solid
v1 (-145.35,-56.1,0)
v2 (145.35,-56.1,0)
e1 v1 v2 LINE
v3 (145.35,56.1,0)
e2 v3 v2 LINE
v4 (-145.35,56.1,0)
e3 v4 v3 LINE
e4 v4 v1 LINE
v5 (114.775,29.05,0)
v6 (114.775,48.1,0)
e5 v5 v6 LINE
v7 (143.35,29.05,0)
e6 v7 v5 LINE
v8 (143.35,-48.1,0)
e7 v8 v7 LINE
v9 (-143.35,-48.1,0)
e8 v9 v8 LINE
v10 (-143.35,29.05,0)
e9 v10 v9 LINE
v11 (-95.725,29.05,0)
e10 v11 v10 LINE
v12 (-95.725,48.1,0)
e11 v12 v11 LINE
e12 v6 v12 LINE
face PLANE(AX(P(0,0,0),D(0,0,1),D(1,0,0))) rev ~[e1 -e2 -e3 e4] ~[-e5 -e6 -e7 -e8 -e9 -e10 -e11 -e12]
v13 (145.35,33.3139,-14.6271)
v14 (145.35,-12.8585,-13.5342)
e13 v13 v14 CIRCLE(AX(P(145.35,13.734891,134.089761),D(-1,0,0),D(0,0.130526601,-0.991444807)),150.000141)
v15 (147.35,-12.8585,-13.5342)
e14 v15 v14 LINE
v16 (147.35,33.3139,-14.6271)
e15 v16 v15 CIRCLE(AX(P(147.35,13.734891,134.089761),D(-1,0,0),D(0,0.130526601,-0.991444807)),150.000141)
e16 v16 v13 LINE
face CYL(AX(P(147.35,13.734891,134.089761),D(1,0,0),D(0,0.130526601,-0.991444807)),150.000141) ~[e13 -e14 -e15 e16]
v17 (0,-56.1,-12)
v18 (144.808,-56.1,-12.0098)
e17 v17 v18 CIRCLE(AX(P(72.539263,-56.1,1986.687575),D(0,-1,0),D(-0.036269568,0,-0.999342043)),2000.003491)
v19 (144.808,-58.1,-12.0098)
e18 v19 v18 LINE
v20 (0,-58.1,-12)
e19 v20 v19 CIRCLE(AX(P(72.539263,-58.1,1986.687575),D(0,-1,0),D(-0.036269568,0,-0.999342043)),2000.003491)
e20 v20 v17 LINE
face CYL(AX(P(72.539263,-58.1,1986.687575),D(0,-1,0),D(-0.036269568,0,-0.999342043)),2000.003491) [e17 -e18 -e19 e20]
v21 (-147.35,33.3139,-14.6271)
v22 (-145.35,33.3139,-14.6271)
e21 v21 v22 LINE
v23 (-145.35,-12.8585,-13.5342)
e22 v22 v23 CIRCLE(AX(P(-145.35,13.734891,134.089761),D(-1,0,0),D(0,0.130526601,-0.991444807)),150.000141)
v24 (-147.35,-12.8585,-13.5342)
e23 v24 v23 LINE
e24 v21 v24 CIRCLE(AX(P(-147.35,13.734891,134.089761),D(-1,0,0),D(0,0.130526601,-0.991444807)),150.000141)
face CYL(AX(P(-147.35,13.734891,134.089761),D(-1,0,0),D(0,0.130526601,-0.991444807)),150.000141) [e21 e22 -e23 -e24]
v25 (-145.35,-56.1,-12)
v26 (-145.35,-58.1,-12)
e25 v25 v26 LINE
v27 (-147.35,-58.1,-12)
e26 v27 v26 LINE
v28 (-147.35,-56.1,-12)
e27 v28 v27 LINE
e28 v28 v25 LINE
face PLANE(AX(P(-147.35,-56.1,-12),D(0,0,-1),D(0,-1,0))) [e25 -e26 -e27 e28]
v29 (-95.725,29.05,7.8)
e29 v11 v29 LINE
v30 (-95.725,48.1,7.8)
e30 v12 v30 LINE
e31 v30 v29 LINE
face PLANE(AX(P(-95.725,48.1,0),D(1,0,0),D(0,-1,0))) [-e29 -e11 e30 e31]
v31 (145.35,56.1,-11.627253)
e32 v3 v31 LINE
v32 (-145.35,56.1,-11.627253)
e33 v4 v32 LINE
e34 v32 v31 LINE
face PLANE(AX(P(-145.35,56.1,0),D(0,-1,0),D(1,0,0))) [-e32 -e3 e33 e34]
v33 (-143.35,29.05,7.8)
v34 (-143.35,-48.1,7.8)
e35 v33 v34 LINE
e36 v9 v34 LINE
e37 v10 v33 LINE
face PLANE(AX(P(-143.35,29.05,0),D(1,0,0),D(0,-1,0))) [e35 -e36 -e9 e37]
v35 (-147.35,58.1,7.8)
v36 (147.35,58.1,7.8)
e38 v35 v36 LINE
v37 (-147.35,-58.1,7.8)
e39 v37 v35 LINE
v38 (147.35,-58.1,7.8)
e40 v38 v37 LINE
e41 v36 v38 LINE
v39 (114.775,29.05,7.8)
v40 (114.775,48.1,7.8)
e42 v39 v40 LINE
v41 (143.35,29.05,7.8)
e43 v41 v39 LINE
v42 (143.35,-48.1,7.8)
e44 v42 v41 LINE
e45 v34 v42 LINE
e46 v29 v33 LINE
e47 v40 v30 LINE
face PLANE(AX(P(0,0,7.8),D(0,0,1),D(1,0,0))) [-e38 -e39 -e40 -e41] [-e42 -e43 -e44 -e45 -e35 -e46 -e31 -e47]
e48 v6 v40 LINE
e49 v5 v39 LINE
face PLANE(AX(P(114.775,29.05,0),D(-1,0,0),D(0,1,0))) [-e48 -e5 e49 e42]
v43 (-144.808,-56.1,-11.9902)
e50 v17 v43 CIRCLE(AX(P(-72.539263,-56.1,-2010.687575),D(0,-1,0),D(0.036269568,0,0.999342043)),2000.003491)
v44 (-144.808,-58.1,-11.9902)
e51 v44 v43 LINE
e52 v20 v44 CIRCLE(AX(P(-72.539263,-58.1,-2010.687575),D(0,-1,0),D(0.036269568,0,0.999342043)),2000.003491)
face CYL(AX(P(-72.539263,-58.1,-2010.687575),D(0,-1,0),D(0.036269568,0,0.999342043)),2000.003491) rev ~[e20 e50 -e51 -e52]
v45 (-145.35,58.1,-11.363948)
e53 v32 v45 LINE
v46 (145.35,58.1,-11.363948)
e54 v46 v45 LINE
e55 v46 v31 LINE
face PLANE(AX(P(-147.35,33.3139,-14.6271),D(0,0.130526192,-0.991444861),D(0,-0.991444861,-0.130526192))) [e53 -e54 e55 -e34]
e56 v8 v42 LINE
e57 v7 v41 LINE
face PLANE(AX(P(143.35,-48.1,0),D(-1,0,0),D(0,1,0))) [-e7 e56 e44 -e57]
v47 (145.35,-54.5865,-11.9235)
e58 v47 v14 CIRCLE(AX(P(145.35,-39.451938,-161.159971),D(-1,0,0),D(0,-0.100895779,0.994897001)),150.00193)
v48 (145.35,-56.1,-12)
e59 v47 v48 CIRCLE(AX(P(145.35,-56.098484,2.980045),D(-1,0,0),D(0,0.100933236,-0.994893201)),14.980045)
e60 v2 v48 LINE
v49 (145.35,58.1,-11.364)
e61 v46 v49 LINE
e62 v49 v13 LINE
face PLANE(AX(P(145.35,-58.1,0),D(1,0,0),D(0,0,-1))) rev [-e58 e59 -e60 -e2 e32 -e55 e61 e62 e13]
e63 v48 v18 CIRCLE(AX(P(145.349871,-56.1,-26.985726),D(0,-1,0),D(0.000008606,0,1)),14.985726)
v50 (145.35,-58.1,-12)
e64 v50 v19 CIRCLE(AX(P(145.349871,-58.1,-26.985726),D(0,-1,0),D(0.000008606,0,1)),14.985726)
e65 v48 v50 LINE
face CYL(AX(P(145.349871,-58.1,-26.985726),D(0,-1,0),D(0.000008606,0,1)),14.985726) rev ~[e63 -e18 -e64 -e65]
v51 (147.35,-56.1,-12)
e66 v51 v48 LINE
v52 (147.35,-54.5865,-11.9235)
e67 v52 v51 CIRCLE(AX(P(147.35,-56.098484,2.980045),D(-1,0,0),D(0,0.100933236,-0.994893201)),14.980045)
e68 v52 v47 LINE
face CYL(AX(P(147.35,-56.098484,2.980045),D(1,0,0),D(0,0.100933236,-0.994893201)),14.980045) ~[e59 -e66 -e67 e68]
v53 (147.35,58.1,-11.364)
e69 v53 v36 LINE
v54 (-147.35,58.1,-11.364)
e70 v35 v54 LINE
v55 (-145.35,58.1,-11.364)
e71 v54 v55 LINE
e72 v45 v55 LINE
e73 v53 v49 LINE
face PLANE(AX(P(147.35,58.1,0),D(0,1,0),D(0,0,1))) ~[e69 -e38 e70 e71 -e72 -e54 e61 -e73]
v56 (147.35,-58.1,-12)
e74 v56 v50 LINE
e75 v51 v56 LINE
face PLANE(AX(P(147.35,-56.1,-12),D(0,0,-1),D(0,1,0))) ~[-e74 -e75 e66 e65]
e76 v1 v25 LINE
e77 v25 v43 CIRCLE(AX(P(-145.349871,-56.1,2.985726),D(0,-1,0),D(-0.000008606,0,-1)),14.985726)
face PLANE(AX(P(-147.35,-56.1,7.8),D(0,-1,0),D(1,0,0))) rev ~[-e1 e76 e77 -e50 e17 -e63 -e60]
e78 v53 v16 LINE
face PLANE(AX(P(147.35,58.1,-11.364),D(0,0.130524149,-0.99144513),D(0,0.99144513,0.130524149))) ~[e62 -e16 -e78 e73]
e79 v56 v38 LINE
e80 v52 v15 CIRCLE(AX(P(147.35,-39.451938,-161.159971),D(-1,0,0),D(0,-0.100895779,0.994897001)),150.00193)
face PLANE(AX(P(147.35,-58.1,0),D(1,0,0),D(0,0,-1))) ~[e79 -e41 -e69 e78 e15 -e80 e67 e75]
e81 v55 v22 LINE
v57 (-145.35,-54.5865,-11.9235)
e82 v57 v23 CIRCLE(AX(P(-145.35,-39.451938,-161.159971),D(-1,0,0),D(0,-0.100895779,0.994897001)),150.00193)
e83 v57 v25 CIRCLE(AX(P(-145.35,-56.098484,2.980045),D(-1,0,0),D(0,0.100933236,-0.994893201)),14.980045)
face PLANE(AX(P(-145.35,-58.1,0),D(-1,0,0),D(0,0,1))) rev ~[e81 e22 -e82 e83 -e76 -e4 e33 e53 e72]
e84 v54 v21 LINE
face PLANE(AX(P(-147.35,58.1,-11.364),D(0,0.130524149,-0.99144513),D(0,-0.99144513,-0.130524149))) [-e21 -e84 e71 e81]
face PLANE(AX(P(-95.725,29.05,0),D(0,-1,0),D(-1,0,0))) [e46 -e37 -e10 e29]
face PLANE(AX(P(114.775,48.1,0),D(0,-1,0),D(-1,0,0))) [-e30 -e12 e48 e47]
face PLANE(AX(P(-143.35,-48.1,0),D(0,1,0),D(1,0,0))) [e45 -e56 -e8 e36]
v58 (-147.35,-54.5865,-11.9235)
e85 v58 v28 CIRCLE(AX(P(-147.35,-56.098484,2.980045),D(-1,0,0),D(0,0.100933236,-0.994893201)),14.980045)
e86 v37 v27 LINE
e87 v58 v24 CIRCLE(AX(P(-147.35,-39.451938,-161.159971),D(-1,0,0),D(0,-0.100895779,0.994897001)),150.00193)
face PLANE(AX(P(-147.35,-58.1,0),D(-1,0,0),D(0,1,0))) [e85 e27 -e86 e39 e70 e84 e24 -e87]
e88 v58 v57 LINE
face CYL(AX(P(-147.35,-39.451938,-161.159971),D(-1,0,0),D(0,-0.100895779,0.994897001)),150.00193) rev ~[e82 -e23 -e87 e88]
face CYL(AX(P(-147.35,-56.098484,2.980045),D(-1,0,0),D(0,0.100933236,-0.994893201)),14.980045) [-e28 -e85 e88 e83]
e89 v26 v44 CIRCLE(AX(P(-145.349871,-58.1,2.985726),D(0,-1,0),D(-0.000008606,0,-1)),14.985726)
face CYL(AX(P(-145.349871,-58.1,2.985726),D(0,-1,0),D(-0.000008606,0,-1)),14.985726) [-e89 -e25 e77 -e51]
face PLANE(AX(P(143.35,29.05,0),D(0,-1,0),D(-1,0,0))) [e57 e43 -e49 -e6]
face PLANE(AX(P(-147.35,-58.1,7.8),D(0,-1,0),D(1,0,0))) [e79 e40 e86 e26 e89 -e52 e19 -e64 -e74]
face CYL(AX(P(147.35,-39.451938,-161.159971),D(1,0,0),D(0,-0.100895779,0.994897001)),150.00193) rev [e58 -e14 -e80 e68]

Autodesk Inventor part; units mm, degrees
ref_plane "YZ Plane" through (0, 0, 0) normal (1, 0, 0) x (0, 1, 0)
ref_plane "XZ Plane" through (0, 0, 0) normal (0, 1, 0) x (-1, 0, 0)
ref_plane "Work Plane1" through (0, 0, 0) normal (0, 0, 1) x (1, 0, 0)
sketch "Sketch1" plane through (0, 0, 0) normal (0, 0, 1) x (1, 0, 0)
  line L0 (143.35, -48.1) -> (143.35, 29.05)
  line L1 (143.35, 29.05) -> (114.775, 29.05)
  line L2 (114.775, 29.05) -> (114.775, 48.1)
  line L3 (114.775, 48.1) -> (-95.725, 48.1)
  line L4 (-95.725, 48.1) -> (-95.725, 29.05)
  line L5 (-95.725, 29.05) -> (-143.35, 29.05)
  line L6 (-143.35, 29.05) -> (-143.35, -48.1)
  line L7 (-143.35, -48.1) -> (143.35, -48.1)
  line L8 (147.35, -58.1) -> (-147.35, -58.1)
  line L9 (-147.35, -58.1) -> (-147.35, 58.1)
  line L10 (-147.35, 58.1) -> (147.35, 58.1)
  line L11 (147.35, 58.1) -> (147.35, -58.1)
  line L12 (140.35, -31.6) -> (140.35, -44.6)
  line L13 (139.85, -45.1) -> (126.85, -45.1)
  line L14 (-140.35, -44.6) -> (-140.35, -31.6)
  line L15 (-92.725, 31.6) -> (-92.725, 44.6)
  line L16 (111.775, 44.6) -> (111.775, 31.6)
  line L17 (98.275, 45.1) -> (111.275, 45.1)
  line L18 (114.9437, 26.05) -> (127.9437, 26.05)
  point P0 (0, 0)
extrude "Extrusion1" add sketch "Sketch1" along normal blind 7.8
sketch "Sketch2" plane through (-147.35, -58.1, 0) normal (-1, 0, 0) x (0, 0, 1)
  line L0 (0, 116.2) -> (0, 0) projected
  line L1 (0, 116.2) -> (-11.364, 116.2)
  line L2 (0, 116.2) -> (7.8, 116.2) projected
  line L3 (-11.364, 116.2) -> (-14.6271, 91.4139)
  arc A0 (-14.6271, 91.4139) -> (-13.5342, 45.2415) centre (134.0896, 71.8349) ccw
  arc A1 (-11.9235, 3.5135) -> (-13.5342, 45.2415) centre (-161.158, 18.648) ccw
  arc A2 (-11.9235, 3.5135) -> (-12, 2) centre (3, 2) ccw
  line L4 (-12, 2) -> (-12, 0)
  line L5 (0, 0) -> (-12, 0)
  line L6 (0, 0) -> (7.8, 0) projected
  line L7 (-11.364, 116.2) -> (-11.0375, 118.68) construction
  line L8 (7.8, 116.2) -> (-11.0375, 118.68) construction
  point P0 (0, 58.1)
  dimension "d14" = 97.5
  dimension "d15" = 25
  dimension "d16" = 150
  dimension "d17" = 150
  dimension "d18" = 2
  dimension "d19" = 15
  dimension "d22" = 12
  dimension "d34" = 19
  dimension "d35" = 19.1639
extrude "Extrusion2" add sketch "Sketch2" against normal blind 2
mirror "Mirror1" about plane through (0, 0, 0) normal (1, 0, 0) of "Extrusion2"
sketch "Sketch3" plane through (0, 0, 0) normal (0, 0, -1) x (-1, 0, 0)
  line L0 (-145.35, 58.1) -> (145.35, 58.1) projected
  line L1 (145.35, -58.1) -> (-145.35, -58.1) projected
  line L2 (145.35, -58.1) -> (145.35, 58.1) projected
  line L3 (-145.35, 58.1) -> (-145.35, -58.1) projected
  line L4 (145.35, 56.1) -> (-145.35, 56.1)
  line L5 (145.35, -56.1) -> (-145.35, -56.1)
  point P0 (0, 0)
  dimension "d25" = 2
  dimension "d26" = 2
extrude "Extrusion3" add sketch "Sketch3" along normal up to surface contours L0 L2 L4 L3 surface through (-147.35, 33.3139, -14.6271) normal (0, 0.1305, -0.9914)
sketch "Sketch4" plane through (-147.35, -58.1, 7.8) normal (0, -1, 0) x (1, 0, 0)
  line L0 (2, -7.8) -> (2, -19.8) projected
  line L1 (2, -7.8) -> (292.7, -7.8) projected
  line L2 (292.7, -7.8) -> (292.7, -19.8) projected
  line L3 (0, -19.8) -> (2, -19.8) projected
  line L4 (294.7, -19.8) -> (292.7, -19.8) projected
  arc A0 (2, -19.8) -> (2.542, -19.7902) centre (2, -4.8) ccw
  arc A1 (147.35, -19.8) -> (2.542, -19.7902) centre (74.8108, -2018.4841) ccw
  arc A2 (147.35, -19.8) -> (292.158, -19.8098) centre (219.8892, 1978.8841) ccw
  arc A3 (292.7, -19.8) -> (292.158, -19.8098) centre (292.7, -34.8) ccw
  point P0 (147.35, -7.8)
  point P1 (147.35, -7.8)
  dimension "d29" = 15
  dimension "d30" = 2000
  dimension "d36" = 2000
extrude "Extrusion4" add sketch "Sketch4" against normal blind 2
properties part number "top"
